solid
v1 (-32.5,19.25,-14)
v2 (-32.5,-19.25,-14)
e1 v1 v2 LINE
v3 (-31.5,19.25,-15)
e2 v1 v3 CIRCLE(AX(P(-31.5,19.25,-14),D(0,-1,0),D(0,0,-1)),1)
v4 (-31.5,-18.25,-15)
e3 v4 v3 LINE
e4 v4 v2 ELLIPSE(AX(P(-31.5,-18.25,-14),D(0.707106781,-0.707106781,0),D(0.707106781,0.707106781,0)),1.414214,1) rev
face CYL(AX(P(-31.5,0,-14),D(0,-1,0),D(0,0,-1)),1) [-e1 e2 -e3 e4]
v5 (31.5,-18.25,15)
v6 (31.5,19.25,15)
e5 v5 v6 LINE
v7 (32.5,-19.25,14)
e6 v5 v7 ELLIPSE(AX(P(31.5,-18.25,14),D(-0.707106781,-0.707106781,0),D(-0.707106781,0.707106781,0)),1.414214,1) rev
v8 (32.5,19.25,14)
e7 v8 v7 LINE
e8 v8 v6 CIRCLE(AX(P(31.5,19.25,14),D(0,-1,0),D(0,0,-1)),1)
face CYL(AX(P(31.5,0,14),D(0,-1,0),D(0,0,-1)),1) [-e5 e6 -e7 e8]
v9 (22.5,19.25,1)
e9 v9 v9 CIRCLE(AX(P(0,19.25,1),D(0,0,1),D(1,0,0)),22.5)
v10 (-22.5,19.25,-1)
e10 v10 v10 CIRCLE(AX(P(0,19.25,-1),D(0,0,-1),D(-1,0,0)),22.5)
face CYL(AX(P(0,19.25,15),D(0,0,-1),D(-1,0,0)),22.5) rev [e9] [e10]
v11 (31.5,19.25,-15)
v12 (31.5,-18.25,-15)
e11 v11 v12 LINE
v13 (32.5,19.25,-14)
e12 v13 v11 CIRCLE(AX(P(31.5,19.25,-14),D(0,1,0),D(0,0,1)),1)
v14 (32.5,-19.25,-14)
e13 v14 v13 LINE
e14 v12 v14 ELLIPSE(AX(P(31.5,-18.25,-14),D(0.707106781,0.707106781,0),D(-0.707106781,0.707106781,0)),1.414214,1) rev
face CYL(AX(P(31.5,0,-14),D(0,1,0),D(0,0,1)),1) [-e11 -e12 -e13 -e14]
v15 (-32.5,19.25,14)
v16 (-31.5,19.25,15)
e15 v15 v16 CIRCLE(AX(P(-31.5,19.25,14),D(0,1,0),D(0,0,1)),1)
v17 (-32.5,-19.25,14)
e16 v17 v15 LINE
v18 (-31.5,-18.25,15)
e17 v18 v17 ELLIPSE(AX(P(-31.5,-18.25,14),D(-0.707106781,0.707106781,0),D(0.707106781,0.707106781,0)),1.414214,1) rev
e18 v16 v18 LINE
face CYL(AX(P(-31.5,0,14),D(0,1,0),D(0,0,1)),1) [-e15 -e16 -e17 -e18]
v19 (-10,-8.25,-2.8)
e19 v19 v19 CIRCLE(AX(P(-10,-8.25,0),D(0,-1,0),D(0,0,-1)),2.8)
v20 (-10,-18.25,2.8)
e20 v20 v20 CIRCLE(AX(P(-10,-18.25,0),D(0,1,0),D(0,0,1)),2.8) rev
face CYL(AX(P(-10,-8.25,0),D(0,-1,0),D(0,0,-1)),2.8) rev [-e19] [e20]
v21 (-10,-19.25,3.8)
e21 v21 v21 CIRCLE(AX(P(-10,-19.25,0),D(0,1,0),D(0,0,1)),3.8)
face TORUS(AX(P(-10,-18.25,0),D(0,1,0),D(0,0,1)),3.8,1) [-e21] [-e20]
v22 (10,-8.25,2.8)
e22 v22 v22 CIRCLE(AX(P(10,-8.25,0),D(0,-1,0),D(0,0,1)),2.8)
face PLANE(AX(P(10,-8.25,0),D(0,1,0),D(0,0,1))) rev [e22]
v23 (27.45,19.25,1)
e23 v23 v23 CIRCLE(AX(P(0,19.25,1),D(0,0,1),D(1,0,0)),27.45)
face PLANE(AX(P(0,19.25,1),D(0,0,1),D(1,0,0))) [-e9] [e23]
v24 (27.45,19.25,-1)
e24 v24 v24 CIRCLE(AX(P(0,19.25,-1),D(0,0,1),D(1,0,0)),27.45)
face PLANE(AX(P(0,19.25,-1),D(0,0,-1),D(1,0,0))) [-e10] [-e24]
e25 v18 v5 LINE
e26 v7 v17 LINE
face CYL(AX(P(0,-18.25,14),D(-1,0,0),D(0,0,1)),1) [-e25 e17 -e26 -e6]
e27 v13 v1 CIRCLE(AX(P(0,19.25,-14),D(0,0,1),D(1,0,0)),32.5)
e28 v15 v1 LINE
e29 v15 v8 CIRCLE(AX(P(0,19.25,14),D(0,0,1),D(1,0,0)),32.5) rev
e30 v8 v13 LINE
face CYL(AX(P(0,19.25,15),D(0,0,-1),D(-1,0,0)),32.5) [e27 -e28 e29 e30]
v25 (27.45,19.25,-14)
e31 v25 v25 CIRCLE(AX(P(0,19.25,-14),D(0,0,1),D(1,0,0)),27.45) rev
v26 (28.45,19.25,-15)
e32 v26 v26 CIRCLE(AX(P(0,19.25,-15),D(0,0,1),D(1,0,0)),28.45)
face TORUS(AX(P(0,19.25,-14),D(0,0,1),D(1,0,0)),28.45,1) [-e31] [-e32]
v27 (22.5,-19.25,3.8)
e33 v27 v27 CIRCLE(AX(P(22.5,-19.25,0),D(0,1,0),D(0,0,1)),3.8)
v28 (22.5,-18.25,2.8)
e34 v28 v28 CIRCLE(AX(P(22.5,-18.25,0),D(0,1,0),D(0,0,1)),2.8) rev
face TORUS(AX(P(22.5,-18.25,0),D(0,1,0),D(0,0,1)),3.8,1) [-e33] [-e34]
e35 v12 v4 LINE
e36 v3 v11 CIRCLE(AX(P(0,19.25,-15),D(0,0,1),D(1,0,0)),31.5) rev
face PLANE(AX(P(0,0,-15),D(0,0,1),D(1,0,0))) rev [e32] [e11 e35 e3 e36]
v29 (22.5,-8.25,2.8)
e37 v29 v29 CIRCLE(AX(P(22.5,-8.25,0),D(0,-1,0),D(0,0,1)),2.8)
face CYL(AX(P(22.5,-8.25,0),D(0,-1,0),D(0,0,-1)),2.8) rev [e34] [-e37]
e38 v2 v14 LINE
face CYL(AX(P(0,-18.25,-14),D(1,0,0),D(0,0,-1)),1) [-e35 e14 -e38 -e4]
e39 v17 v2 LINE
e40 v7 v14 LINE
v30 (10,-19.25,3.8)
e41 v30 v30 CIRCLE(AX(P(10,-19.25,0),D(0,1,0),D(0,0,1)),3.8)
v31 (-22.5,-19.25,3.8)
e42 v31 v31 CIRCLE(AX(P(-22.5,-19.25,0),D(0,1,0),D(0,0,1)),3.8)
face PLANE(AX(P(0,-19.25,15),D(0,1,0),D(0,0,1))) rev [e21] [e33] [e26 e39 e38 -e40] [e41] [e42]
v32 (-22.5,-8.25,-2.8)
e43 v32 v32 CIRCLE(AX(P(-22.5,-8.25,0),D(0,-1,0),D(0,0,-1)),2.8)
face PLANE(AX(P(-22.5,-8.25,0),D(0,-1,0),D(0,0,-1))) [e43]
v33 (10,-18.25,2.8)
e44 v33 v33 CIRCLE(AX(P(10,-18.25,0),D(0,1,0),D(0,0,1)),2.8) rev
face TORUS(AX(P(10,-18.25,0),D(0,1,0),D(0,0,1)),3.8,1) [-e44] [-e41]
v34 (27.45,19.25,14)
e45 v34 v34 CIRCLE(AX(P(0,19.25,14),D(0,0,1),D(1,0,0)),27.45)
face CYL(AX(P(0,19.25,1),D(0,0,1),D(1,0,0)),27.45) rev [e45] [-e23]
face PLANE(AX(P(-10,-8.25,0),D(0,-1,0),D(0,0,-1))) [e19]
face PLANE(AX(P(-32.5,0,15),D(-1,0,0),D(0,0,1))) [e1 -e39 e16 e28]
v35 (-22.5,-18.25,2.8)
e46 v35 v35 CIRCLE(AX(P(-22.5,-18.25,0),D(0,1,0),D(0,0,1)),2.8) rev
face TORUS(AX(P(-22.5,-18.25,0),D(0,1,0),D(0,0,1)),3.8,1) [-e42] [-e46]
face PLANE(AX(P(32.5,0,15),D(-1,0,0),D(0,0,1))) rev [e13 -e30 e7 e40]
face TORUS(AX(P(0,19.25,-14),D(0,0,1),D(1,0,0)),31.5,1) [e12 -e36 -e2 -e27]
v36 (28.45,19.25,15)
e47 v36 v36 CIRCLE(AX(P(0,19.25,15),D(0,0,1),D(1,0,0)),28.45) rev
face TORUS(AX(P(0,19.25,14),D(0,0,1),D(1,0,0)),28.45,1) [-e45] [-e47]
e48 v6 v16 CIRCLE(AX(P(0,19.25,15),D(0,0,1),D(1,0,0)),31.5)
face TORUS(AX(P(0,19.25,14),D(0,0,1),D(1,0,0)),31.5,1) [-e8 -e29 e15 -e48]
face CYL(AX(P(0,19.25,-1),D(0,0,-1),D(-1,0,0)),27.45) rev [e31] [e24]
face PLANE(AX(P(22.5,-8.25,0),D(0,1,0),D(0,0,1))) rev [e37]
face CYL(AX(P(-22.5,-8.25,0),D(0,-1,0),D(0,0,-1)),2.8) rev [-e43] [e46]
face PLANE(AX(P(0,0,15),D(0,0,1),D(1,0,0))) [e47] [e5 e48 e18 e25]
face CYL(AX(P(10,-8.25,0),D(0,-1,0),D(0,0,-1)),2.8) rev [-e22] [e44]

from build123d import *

# Parameters (mm, degrees)
AUFSATZ_LINEAR_AUSTRAGEN1_DEPTH = 15
SKIZZE3_R                       = 27.45
SCHNITT_LINEAR_AUSTRAGEN1_DEPTH = 14
SKIZZE4_R                       = 2.8
SCHNITT_LINEAR_AUSTRAGEN2_DEPTH = 11
VERRUNDUNG1_R                   = 1


with BuildPart() as part:
    # Skizze1 → Aufsatz-Linear austragen1 (new, symmetric)
    with BuildSketch(Plane.XY):
        with BuildLine():
            ThreePointArc((32.5, 19.25), (0, 51.75), (-32.5, 19.25))
            Line((-32.5, 19.25), (-22.5, 19.25))
            ThreePointArc((-22.5, 19.25), (0, 41.75), (22.5, 19.25))
            Line((22.5, 19.25), (32.5, 19.25))
        make_face()
        with BuildLine():
            Line((-22.5, 19.25), (-32.5, 19.25))
            ThreePointArc((-32.5, 19.25), (0, -13.25), (32.5, 19.25))
            Line((32.5, 19.25), (22.5, 19.25))
            ThreePointArc((22.5, 19.25), (0, -3.25), (-22.5, 19.25))
        make_face()
        with BuildLine():
            Line((-32.5, 19.25), (-32.5, -19.25))
            Line((-32.5, -19.25), (32.5, -19.25))
            Line((32.5, -19.25), (32.5, 19.25))
            ThreePointArc((32.5, 19.25), (0, -13.25), (-32.5, 19.25))
        make_face()
    extrude(amount=AUFSATZ_LINEAR_AUSTRAGEN1_DEPTH, both=True)

    # Skizze3 → Schnitt-Linear austragen1 (cut)
    with BuildSketch(Plane.XY.offset(15)):
        with Locations((0, 19.25)):
            Circle(SKIZZE3_R)
    schnitt_linear_austragen1 = extrude(amount=-SCHNITT_LINEAR_AUSTRAGEN1_DEPTH, mode=Mode.SUBTRACT)

    # Spiegeln1: Schnitt-Linear austragen1 across plane
    add(schnitt_linear_austragen1.mirror(Plane.XY), mode=Mode.SUBTRACT)

    # Skizze4 → Schnitt-Linear austragen2 (cut)
    with BuildSketch(Plane.XZ.offset(19.25)):
        with Locations(Location((-22.5, 0, 0), (0, 0, 270))):
            Circle(SKIZZE4_R)
        with Locations(Location((-10, 0, 0), (0, 0, 270))):
            Circle(SKIZZE4_R)
        with Locations(Location((10, 0, 0), (0, 0, 90))):
            Circle(SKIZZE4_R)
        with Locations(Location((22.5, 0, 0), (0, 0, 90))):
            Circle(SKIZZE4_R)
    extrude(amount=-SCHNITT_LINEAR_AUSTRAGEN2_DEPTH, mode=Mode.SUBTRACT)

    # Verrundung1
    verrundung1_edges = [part.edges().sort_by_distance(p)[0] for p in [
        (-32.5, 0, 15),
        (0, -19.25, 15),
        (32.5, 0, 15),
        (-27.45, 19.25, 15),
        (-27.45, 19.25, -15),
        (-22.5, -19.25, 2.8),
        (-10, -19.25, 2.8),
        (10, -19.25, -2.8),
        (22.5, -19.25, -2.8),
        (0, 51.75, 15),
        (32.5, 0, -15),
        (0, -19.25, -15),
        (-32.5, 0, -15),
        (0, 51.75, -15),
    ]]
    fillet(verrundung1_edges, radius=VERRUNDUNG1_R)


solid = part.part
